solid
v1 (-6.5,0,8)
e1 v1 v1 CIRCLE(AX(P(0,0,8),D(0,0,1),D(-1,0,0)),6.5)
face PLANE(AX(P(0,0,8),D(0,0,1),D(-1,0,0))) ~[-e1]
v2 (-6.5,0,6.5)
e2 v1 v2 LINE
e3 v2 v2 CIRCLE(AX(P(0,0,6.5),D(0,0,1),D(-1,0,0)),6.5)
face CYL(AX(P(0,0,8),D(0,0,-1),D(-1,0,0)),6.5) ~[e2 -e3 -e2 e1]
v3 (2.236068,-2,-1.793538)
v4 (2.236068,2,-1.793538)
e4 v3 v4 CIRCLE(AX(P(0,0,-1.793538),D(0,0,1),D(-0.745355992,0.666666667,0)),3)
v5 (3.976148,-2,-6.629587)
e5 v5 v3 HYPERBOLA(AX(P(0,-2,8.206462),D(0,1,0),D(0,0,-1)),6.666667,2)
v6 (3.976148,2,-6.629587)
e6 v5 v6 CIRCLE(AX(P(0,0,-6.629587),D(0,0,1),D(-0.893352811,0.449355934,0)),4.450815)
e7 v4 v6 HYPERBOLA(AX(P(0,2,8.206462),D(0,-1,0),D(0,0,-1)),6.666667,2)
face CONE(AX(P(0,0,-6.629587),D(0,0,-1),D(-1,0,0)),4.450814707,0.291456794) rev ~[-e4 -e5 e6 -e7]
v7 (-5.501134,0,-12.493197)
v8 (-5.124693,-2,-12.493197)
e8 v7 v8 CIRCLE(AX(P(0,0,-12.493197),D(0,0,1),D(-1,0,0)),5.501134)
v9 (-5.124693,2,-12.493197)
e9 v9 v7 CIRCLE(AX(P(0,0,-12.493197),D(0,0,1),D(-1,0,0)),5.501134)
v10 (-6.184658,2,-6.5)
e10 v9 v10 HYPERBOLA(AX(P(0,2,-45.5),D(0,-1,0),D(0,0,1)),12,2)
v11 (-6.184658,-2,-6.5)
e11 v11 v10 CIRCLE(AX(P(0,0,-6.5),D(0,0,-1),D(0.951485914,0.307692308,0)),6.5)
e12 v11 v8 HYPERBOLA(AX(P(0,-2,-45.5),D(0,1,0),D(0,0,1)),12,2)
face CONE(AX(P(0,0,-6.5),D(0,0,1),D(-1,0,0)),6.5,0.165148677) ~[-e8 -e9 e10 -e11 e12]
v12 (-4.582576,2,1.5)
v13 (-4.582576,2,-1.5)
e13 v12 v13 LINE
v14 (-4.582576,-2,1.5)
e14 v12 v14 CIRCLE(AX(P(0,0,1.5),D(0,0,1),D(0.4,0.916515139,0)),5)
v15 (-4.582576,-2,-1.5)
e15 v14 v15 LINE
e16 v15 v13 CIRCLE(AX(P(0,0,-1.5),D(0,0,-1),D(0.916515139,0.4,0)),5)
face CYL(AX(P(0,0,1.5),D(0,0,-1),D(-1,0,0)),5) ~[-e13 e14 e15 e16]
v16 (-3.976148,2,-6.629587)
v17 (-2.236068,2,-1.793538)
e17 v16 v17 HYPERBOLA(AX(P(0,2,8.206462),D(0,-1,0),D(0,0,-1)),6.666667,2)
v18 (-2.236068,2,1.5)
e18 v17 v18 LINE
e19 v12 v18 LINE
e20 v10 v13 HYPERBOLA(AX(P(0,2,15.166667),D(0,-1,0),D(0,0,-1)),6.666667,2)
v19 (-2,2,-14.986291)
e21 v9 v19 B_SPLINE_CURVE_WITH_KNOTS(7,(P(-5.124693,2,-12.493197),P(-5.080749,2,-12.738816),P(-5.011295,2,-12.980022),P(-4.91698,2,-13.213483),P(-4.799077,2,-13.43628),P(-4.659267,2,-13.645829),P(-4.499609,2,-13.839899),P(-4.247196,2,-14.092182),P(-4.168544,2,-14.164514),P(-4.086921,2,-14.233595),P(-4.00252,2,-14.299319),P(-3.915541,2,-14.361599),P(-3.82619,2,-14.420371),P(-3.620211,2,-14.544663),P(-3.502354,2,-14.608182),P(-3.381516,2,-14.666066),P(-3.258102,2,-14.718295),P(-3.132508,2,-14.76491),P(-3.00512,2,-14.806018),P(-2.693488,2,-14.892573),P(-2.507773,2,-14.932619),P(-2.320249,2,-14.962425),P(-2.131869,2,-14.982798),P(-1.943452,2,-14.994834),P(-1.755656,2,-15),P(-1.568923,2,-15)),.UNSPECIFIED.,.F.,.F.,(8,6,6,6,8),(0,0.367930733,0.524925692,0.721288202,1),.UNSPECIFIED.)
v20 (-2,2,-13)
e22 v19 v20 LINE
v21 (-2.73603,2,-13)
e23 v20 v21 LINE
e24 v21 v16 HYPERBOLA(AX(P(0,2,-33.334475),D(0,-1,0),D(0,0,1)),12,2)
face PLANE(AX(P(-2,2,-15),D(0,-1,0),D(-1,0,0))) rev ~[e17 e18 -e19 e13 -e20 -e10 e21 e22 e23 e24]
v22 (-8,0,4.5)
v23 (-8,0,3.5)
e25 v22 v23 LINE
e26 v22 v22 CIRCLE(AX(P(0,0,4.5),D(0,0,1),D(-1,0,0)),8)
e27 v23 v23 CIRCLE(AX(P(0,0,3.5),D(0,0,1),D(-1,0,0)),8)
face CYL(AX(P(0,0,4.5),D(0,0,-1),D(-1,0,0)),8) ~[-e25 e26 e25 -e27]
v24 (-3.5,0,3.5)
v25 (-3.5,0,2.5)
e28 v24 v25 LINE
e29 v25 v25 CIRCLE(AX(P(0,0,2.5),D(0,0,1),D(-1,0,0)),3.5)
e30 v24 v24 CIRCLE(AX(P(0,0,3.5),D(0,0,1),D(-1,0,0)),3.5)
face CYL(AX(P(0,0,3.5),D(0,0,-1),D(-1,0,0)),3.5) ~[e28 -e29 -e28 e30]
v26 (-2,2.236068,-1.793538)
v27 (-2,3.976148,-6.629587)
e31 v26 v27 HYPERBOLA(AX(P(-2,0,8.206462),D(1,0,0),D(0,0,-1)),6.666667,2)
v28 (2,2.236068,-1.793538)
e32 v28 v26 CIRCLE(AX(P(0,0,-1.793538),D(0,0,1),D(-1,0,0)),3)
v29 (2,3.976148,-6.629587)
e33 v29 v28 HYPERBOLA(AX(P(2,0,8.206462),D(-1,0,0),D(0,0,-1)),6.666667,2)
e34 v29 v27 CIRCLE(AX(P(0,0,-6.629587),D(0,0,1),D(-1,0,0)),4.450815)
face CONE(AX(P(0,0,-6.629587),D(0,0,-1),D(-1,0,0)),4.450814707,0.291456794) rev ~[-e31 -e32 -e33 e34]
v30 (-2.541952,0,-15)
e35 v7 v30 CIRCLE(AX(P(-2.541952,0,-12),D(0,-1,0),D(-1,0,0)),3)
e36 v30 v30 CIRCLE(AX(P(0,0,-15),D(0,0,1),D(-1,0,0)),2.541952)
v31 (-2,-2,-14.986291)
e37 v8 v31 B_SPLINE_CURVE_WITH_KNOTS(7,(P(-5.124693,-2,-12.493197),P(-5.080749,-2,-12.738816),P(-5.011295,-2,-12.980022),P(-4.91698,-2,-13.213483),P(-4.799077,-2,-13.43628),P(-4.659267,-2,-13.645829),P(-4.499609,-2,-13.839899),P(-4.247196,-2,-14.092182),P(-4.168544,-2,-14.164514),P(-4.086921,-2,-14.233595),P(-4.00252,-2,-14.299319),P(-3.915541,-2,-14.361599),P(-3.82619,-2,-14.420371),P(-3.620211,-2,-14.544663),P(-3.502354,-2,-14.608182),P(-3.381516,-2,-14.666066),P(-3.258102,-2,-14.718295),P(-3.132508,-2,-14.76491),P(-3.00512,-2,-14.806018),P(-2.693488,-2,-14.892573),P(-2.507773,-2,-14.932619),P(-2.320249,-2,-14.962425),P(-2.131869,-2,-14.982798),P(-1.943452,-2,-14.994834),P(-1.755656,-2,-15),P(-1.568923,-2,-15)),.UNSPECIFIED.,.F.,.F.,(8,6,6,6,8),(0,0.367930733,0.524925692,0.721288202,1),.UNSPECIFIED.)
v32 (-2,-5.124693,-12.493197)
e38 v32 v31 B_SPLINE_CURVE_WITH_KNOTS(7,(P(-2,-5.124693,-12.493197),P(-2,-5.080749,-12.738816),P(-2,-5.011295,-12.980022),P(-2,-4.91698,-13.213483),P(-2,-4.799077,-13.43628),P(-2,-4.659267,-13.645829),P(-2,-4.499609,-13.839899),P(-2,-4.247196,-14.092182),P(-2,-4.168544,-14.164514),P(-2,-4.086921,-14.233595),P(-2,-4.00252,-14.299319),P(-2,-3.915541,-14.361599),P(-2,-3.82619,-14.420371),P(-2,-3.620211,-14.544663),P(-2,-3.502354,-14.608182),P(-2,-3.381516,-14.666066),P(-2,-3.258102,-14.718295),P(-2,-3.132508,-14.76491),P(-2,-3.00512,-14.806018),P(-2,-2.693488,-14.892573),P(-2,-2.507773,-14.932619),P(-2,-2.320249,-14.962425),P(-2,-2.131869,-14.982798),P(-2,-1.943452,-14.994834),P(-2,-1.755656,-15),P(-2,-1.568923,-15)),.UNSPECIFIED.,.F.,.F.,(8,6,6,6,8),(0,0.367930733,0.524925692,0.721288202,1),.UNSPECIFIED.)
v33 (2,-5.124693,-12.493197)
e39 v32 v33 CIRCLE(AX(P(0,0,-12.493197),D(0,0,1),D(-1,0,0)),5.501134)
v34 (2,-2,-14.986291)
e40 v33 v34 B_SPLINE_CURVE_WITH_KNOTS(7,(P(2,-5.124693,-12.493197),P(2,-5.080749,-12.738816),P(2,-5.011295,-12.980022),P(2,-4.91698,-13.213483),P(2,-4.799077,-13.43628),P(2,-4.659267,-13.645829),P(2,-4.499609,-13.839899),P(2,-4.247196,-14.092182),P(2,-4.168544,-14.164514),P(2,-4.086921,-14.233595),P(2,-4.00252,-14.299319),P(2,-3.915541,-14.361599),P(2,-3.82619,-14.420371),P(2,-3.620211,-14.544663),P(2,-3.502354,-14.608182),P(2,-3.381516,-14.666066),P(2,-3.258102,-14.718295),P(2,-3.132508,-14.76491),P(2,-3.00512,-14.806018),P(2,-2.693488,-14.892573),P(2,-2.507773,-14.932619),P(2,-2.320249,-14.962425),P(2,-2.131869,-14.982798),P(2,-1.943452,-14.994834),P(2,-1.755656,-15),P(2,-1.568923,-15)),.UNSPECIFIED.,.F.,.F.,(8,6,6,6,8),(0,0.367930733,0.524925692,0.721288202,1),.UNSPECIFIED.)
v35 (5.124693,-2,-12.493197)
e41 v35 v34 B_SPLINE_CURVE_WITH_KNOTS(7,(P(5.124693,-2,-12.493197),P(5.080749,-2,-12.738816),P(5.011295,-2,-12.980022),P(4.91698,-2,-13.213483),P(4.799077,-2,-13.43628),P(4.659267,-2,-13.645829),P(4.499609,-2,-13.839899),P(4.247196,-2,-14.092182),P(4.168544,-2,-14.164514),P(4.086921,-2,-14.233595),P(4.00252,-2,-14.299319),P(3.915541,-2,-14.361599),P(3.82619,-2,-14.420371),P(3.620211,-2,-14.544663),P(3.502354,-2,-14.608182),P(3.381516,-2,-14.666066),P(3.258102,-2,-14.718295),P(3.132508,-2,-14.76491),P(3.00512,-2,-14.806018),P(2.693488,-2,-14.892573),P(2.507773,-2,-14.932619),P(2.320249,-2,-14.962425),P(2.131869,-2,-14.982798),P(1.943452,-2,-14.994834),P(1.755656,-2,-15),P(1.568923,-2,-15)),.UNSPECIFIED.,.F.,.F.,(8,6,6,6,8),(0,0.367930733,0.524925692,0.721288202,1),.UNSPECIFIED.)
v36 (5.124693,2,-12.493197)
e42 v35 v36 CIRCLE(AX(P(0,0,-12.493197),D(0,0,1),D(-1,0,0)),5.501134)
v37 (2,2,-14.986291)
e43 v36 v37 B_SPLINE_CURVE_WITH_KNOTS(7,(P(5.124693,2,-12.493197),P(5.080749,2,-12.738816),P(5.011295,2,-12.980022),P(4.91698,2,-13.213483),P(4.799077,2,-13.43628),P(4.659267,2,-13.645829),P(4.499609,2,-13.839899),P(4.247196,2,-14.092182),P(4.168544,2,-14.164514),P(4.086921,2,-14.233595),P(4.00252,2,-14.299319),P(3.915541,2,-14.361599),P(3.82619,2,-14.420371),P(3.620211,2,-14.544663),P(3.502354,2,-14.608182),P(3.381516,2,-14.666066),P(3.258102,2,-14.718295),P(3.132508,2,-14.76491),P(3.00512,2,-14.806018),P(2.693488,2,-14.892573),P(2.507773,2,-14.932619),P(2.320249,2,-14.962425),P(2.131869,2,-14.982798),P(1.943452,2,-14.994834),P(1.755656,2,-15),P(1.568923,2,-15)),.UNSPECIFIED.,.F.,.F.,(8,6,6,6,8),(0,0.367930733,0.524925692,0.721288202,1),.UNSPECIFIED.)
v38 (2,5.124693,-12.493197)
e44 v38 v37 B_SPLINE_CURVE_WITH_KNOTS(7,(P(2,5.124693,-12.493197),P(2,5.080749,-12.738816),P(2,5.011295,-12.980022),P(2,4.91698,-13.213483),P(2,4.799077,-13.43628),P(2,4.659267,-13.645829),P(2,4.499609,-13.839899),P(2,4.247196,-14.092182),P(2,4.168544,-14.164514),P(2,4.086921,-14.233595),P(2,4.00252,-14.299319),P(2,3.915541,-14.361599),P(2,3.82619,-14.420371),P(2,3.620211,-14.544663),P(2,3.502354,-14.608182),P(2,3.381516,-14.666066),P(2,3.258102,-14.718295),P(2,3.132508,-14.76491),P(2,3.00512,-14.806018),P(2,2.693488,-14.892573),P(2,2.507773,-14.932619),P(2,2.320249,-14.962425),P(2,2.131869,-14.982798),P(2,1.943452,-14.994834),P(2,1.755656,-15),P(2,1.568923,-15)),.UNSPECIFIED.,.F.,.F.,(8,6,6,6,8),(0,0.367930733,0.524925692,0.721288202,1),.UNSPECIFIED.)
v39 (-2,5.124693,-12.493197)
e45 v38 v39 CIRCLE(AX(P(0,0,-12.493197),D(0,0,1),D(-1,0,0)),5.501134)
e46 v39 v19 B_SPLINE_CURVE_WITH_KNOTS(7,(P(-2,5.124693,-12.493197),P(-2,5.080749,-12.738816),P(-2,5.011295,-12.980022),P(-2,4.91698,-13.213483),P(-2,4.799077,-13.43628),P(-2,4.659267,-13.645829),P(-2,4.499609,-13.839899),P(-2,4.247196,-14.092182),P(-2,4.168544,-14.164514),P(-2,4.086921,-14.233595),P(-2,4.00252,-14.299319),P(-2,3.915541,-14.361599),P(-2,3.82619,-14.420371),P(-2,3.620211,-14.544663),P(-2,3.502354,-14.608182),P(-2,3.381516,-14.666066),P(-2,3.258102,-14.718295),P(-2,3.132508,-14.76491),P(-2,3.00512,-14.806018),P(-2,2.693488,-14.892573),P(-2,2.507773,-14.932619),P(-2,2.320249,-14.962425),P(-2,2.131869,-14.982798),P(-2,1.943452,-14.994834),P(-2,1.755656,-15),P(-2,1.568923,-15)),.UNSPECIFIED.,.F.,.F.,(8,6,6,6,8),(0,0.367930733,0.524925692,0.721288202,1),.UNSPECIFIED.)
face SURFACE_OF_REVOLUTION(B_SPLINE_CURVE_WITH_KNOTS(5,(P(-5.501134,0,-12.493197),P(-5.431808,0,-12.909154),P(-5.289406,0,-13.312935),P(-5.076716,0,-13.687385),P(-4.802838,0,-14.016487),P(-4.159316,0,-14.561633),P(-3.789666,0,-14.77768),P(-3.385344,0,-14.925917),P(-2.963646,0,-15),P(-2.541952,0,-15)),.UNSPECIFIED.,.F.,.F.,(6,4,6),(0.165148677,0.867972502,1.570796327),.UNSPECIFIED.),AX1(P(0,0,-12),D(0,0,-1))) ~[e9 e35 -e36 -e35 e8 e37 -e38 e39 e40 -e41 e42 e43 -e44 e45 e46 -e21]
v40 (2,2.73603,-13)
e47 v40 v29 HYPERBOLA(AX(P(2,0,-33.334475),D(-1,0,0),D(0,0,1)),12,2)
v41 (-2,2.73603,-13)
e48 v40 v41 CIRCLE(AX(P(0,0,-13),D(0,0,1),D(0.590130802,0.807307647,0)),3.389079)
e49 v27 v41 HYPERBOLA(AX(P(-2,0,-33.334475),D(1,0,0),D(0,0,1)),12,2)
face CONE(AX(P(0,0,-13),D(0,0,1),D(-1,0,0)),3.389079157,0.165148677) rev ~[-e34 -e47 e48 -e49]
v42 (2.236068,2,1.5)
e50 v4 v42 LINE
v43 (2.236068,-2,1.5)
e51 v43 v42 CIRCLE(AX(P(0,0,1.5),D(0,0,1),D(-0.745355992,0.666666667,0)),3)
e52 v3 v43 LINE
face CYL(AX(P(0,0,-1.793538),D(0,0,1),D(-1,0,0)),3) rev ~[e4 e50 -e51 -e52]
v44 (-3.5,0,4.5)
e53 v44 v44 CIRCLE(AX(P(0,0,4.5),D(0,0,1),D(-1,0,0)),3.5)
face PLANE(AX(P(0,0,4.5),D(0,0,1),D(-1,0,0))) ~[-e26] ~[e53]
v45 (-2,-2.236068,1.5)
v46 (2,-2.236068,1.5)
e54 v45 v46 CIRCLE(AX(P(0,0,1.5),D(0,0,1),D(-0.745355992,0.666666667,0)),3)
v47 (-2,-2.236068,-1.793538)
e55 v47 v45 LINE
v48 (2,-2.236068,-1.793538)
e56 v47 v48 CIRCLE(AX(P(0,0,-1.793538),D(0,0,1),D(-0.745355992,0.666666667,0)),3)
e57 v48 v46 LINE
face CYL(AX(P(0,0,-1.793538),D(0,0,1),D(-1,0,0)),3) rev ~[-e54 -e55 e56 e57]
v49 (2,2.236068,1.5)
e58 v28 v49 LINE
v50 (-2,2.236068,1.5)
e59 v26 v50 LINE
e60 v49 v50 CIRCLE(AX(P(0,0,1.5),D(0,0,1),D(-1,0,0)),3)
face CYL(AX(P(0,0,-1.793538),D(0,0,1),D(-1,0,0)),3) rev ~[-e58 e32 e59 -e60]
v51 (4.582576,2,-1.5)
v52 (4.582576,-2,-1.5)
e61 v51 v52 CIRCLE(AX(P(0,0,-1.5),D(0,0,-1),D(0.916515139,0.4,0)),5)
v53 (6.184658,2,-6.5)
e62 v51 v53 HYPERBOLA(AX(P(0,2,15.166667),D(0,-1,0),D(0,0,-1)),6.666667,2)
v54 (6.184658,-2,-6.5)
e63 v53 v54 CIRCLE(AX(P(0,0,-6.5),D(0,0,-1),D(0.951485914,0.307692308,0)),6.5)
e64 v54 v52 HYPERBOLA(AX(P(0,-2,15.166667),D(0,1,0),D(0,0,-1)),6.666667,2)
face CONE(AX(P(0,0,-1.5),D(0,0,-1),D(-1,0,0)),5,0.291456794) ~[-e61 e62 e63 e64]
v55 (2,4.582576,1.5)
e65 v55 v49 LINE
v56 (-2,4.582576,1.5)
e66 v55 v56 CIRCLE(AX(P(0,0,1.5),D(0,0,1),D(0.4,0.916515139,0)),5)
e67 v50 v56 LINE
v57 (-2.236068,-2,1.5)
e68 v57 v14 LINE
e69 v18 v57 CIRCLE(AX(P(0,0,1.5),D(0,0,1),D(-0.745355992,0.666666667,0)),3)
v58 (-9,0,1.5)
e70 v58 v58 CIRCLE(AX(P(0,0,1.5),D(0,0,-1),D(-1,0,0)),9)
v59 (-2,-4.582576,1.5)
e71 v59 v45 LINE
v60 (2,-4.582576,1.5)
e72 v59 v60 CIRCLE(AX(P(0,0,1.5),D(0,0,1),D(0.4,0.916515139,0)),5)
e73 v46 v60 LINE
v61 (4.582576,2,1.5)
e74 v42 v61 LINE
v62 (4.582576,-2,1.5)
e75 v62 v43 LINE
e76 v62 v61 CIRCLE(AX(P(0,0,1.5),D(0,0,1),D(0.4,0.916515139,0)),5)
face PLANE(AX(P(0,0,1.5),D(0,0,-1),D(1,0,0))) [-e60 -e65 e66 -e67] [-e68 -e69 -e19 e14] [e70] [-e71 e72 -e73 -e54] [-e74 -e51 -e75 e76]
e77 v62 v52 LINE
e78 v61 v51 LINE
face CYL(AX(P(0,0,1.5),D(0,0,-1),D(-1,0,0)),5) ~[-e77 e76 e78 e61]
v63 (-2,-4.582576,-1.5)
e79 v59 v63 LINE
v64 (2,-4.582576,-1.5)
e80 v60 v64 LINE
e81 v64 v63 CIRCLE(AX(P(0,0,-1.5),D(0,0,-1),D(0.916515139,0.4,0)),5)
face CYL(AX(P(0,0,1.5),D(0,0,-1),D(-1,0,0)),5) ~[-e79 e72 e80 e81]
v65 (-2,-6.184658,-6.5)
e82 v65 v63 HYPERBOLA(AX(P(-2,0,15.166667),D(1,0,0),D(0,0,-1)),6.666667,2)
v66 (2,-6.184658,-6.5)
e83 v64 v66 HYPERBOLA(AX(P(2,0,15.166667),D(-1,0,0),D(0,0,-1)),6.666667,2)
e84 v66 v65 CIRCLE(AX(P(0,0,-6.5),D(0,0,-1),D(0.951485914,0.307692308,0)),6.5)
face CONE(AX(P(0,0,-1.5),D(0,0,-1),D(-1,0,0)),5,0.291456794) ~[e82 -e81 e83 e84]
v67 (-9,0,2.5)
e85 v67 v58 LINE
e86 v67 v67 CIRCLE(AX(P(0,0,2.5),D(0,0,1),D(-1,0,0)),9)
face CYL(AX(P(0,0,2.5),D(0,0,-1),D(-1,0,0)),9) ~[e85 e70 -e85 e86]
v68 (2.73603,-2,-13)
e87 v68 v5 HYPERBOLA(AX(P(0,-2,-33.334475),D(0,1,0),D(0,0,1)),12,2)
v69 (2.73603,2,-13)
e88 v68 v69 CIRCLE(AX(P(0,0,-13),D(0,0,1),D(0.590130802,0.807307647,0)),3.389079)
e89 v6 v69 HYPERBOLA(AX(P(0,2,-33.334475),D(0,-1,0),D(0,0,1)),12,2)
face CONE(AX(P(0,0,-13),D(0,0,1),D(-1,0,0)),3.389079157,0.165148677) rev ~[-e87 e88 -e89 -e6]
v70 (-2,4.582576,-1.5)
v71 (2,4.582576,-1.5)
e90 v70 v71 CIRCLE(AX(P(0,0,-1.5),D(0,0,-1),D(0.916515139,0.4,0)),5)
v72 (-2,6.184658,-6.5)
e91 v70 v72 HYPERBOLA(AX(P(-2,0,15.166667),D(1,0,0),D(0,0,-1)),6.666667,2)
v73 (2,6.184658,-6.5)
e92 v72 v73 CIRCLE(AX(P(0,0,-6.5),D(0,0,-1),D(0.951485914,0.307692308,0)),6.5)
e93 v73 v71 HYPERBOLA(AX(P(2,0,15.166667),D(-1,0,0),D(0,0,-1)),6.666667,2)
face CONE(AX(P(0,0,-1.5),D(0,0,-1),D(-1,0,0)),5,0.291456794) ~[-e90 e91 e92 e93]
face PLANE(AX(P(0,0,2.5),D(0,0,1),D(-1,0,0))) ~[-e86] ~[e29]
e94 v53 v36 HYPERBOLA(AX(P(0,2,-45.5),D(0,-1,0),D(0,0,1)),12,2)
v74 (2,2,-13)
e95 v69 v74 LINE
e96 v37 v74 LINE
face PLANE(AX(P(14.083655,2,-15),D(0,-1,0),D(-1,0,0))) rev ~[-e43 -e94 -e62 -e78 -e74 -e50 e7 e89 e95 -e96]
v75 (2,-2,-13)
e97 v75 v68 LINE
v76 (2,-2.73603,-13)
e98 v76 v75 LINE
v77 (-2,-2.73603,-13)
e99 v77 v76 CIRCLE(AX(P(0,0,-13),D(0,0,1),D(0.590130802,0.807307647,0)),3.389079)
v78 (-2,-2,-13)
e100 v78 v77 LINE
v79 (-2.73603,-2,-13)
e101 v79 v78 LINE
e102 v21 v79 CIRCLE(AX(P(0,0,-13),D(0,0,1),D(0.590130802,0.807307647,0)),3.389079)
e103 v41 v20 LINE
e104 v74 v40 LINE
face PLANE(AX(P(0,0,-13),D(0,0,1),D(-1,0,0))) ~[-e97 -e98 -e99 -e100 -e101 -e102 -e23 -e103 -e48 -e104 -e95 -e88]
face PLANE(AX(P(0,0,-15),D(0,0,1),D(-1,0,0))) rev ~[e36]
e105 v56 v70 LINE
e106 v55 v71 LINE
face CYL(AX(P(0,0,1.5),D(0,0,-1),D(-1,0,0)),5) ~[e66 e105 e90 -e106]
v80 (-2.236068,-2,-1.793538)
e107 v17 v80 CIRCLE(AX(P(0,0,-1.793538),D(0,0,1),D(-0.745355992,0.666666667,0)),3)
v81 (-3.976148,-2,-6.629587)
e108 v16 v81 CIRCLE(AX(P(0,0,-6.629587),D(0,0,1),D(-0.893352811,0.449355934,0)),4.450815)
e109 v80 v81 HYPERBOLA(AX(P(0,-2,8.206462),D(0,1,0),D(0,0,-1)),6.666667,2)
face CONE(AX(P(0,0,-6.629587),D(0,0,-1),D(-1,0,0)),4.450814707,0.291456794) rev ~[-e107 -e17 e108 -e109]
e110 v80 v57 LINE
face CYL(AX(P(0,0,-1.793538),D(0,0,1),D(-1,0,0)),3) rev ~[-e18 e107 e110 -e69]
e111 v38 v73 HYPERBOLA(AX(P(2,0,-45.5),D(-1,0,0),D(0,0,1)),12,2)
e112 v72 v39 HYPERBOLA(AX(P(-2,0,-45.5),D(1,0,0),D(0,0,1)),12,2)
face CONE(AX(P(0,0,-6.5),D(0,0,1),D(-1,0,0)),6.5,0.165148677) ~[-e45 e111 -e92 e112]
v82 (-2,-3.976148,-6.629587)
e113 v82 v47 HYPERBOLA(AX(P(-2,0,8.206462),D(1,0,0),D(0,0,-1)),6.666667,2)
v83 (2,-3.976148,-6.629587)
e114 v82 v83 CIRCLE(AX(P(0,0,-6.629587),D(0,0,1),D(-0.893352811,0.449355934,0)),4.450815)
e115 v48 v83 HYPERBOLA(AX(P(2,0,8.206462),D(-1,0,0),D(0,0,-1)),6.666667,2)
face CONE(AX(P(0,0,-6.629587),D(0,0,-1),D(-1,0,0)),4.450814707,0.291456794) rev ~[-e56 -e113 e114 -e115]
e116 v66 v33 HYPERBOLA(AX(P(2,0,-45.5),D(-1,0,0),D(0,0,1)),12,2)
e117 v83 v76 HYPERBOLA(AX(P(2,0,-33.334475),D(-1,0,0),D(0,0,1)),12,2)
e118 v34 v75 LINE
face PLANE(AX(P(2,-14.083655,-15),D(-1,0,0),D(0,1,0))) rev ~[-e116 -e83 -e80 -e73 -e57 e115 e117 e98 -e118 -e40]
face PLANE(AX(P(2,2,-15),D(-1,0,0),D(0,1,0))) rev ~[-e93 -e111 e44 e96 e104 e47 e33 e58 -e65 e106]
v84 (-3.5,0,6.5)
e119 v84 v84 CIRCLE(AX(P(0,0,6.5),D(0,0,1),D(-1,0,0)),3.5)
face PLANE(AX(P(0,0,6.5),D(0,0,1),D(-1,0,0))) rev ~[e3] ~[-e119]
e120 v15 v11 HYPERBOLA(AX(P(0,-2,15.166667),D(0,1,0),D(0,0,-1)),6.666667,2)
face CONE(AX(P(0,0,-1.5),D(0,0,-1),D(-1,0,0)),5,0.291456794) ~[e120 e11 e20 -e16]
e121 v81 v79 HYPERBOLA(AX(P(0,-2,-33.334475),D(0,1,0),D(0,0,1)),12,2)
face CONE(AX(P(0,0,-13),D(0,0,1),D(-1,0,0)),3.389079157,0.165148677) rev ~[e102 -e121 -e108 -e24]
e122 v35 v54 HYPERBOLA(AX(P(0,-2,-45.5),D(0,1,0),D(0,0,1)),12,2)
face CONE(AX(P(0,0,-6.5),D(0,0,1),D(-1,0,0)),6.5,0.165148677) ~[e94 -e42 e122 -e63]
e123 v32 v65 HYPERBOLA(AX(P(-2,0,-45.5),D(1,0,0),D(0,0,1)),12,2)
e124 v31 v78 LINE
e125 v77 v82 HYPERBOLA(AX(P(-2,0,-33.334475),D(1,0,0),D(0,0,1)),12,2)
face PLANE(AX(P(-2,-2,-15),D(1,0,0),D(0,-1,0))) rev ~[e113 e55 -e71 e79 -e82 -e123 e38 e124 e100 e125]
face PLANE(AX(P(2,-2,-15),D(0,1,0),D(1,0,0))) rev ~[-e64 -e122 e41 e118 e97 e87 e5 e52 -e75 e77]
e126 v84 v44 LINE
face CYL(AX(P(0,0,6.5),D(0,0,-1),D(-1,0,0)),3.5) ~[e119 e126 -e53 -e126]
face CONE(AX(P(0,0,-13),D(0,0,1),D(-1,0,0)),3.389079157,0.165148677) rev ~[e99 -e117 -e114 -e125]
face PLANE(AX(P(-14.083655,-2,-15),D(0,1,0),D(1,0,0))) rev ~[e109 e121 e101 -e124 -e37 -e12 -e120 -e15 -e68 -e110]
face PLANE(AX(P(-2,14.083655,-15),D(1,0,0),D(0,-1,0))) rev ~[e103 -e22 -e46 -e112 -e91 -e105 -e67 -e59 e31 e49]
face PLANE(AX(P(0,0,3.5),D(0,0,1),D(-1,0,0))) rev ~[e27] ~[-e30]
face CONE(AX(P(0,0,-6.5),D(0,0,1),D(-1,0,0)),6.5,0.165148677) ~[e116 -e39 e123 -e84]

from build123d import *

# Parameters (mm, degrees)
FILLET_2_R               = 3
CUT_EXTRUDE_2_REACH      = 28.287
SKETCH_4_W               = 12.083655217
SKETCH_4_H               = 11.542596028
PATTERN_CIRCULAR_2_COUNT = 4


with BuildPart() as part:
    # ｽｹｯﾁ3 → 回転2 (revolve)
    with BuildSketch(Plane(origin=(0, 0, 0), x_dir=(0, 0, -1), z_dir=(1, 0, 0)), mode=Mode.PRIVATE) as revolve_2_sk:
        Polygon((-1.5, 5), (1.5, 5), (6.5, 6.5), (15, 5.083333333), (15, 0), (13, 0), (13, 3.389079157), (6.629586696, 4.450814707), (1.793537673, 3), (-1.5, 3), (-1.5, 0), (-8, 0), (-8, 6.5), (-6.5, 6.5), (-6.5, 3.5), (-4.5, 3.5), (-4.5, 8), (-3.5, 8), (-3.5, 3.5), (-2.5, 3.5), (-2.5, 9), (-1.5, 9), align=None)
    revolve(revolve_2_sk.sketch.rotate(Axis((0, 0, 0), (0, 0, 1)), 90), axis=Axis((0, 0, 0), (0, 0, 1)))

    # ﾌｨﾚｯﾄ2
    fillet_2_edges = [part.edges().sort_by_distance(p)[0] for p in [
        (5.083333333, 0, -15),
    ]]
    fillet(fillet_2_edges, radius=FILLET_2_R)

    # ｶｯﾄ - 押し出し2: up to this face of the body (flat: up to its plane)
    cut_extrude_2_end = Plane(part.part.faces().sort_by_distance((8.745441559, 0, 1.5))[0])
    # ｽｹｯﾁ4 → ｶｯﾄ - 押し出し2 (cut, up to the picked face)
    with BuildSketch(Plane(origin=(0, 0, -15), x_dir=(-1, 0, 0), z_dir=(0, 0, -1)), mode=Mode.PRIVATE) as cut_extrude_2_sk1:
        with Locations((-8.041827609, 7.771298014)):
            Rectangle(SKETCH_4_W, SKETCH_4_H)
    cut_extrude_2_tool1 = split(extrude(cut_extrude_2_sk1.sketch, amount=-CUT_EXTRUDE_2_REACH, mode=Mode.PRIVATE), bisect_by=cut_extrude_2_end, keep=Keep.BOTH, mode=Mode.PRIVATE)
    cut_extrude_2 = cut_extrude_2_tool1.solids().sort_by(Axis((8.041828, 7.771298, -15), (0, 0, 1)))[0]
    add(cut_extrude_2, mode=Mode.SUBTRACT)

    # 円形ﾊﾟﾀｰﾝ2: ｶｯﾄ - 押し出し2 ×4 about axis
    pattern_circular_2_axis = Axis((0, 0, 0), (0, 0, 1))
    for i in range(1, PATTERN_CIRCULAR_2_COUNT):
        add(cut_extrude_2.rotate(pattern_circular_2_axis, i * 360 / PATTERN_CIRCULAR_2_COUNT), mode=Mode.SUBTRACT)


solid = part.part
